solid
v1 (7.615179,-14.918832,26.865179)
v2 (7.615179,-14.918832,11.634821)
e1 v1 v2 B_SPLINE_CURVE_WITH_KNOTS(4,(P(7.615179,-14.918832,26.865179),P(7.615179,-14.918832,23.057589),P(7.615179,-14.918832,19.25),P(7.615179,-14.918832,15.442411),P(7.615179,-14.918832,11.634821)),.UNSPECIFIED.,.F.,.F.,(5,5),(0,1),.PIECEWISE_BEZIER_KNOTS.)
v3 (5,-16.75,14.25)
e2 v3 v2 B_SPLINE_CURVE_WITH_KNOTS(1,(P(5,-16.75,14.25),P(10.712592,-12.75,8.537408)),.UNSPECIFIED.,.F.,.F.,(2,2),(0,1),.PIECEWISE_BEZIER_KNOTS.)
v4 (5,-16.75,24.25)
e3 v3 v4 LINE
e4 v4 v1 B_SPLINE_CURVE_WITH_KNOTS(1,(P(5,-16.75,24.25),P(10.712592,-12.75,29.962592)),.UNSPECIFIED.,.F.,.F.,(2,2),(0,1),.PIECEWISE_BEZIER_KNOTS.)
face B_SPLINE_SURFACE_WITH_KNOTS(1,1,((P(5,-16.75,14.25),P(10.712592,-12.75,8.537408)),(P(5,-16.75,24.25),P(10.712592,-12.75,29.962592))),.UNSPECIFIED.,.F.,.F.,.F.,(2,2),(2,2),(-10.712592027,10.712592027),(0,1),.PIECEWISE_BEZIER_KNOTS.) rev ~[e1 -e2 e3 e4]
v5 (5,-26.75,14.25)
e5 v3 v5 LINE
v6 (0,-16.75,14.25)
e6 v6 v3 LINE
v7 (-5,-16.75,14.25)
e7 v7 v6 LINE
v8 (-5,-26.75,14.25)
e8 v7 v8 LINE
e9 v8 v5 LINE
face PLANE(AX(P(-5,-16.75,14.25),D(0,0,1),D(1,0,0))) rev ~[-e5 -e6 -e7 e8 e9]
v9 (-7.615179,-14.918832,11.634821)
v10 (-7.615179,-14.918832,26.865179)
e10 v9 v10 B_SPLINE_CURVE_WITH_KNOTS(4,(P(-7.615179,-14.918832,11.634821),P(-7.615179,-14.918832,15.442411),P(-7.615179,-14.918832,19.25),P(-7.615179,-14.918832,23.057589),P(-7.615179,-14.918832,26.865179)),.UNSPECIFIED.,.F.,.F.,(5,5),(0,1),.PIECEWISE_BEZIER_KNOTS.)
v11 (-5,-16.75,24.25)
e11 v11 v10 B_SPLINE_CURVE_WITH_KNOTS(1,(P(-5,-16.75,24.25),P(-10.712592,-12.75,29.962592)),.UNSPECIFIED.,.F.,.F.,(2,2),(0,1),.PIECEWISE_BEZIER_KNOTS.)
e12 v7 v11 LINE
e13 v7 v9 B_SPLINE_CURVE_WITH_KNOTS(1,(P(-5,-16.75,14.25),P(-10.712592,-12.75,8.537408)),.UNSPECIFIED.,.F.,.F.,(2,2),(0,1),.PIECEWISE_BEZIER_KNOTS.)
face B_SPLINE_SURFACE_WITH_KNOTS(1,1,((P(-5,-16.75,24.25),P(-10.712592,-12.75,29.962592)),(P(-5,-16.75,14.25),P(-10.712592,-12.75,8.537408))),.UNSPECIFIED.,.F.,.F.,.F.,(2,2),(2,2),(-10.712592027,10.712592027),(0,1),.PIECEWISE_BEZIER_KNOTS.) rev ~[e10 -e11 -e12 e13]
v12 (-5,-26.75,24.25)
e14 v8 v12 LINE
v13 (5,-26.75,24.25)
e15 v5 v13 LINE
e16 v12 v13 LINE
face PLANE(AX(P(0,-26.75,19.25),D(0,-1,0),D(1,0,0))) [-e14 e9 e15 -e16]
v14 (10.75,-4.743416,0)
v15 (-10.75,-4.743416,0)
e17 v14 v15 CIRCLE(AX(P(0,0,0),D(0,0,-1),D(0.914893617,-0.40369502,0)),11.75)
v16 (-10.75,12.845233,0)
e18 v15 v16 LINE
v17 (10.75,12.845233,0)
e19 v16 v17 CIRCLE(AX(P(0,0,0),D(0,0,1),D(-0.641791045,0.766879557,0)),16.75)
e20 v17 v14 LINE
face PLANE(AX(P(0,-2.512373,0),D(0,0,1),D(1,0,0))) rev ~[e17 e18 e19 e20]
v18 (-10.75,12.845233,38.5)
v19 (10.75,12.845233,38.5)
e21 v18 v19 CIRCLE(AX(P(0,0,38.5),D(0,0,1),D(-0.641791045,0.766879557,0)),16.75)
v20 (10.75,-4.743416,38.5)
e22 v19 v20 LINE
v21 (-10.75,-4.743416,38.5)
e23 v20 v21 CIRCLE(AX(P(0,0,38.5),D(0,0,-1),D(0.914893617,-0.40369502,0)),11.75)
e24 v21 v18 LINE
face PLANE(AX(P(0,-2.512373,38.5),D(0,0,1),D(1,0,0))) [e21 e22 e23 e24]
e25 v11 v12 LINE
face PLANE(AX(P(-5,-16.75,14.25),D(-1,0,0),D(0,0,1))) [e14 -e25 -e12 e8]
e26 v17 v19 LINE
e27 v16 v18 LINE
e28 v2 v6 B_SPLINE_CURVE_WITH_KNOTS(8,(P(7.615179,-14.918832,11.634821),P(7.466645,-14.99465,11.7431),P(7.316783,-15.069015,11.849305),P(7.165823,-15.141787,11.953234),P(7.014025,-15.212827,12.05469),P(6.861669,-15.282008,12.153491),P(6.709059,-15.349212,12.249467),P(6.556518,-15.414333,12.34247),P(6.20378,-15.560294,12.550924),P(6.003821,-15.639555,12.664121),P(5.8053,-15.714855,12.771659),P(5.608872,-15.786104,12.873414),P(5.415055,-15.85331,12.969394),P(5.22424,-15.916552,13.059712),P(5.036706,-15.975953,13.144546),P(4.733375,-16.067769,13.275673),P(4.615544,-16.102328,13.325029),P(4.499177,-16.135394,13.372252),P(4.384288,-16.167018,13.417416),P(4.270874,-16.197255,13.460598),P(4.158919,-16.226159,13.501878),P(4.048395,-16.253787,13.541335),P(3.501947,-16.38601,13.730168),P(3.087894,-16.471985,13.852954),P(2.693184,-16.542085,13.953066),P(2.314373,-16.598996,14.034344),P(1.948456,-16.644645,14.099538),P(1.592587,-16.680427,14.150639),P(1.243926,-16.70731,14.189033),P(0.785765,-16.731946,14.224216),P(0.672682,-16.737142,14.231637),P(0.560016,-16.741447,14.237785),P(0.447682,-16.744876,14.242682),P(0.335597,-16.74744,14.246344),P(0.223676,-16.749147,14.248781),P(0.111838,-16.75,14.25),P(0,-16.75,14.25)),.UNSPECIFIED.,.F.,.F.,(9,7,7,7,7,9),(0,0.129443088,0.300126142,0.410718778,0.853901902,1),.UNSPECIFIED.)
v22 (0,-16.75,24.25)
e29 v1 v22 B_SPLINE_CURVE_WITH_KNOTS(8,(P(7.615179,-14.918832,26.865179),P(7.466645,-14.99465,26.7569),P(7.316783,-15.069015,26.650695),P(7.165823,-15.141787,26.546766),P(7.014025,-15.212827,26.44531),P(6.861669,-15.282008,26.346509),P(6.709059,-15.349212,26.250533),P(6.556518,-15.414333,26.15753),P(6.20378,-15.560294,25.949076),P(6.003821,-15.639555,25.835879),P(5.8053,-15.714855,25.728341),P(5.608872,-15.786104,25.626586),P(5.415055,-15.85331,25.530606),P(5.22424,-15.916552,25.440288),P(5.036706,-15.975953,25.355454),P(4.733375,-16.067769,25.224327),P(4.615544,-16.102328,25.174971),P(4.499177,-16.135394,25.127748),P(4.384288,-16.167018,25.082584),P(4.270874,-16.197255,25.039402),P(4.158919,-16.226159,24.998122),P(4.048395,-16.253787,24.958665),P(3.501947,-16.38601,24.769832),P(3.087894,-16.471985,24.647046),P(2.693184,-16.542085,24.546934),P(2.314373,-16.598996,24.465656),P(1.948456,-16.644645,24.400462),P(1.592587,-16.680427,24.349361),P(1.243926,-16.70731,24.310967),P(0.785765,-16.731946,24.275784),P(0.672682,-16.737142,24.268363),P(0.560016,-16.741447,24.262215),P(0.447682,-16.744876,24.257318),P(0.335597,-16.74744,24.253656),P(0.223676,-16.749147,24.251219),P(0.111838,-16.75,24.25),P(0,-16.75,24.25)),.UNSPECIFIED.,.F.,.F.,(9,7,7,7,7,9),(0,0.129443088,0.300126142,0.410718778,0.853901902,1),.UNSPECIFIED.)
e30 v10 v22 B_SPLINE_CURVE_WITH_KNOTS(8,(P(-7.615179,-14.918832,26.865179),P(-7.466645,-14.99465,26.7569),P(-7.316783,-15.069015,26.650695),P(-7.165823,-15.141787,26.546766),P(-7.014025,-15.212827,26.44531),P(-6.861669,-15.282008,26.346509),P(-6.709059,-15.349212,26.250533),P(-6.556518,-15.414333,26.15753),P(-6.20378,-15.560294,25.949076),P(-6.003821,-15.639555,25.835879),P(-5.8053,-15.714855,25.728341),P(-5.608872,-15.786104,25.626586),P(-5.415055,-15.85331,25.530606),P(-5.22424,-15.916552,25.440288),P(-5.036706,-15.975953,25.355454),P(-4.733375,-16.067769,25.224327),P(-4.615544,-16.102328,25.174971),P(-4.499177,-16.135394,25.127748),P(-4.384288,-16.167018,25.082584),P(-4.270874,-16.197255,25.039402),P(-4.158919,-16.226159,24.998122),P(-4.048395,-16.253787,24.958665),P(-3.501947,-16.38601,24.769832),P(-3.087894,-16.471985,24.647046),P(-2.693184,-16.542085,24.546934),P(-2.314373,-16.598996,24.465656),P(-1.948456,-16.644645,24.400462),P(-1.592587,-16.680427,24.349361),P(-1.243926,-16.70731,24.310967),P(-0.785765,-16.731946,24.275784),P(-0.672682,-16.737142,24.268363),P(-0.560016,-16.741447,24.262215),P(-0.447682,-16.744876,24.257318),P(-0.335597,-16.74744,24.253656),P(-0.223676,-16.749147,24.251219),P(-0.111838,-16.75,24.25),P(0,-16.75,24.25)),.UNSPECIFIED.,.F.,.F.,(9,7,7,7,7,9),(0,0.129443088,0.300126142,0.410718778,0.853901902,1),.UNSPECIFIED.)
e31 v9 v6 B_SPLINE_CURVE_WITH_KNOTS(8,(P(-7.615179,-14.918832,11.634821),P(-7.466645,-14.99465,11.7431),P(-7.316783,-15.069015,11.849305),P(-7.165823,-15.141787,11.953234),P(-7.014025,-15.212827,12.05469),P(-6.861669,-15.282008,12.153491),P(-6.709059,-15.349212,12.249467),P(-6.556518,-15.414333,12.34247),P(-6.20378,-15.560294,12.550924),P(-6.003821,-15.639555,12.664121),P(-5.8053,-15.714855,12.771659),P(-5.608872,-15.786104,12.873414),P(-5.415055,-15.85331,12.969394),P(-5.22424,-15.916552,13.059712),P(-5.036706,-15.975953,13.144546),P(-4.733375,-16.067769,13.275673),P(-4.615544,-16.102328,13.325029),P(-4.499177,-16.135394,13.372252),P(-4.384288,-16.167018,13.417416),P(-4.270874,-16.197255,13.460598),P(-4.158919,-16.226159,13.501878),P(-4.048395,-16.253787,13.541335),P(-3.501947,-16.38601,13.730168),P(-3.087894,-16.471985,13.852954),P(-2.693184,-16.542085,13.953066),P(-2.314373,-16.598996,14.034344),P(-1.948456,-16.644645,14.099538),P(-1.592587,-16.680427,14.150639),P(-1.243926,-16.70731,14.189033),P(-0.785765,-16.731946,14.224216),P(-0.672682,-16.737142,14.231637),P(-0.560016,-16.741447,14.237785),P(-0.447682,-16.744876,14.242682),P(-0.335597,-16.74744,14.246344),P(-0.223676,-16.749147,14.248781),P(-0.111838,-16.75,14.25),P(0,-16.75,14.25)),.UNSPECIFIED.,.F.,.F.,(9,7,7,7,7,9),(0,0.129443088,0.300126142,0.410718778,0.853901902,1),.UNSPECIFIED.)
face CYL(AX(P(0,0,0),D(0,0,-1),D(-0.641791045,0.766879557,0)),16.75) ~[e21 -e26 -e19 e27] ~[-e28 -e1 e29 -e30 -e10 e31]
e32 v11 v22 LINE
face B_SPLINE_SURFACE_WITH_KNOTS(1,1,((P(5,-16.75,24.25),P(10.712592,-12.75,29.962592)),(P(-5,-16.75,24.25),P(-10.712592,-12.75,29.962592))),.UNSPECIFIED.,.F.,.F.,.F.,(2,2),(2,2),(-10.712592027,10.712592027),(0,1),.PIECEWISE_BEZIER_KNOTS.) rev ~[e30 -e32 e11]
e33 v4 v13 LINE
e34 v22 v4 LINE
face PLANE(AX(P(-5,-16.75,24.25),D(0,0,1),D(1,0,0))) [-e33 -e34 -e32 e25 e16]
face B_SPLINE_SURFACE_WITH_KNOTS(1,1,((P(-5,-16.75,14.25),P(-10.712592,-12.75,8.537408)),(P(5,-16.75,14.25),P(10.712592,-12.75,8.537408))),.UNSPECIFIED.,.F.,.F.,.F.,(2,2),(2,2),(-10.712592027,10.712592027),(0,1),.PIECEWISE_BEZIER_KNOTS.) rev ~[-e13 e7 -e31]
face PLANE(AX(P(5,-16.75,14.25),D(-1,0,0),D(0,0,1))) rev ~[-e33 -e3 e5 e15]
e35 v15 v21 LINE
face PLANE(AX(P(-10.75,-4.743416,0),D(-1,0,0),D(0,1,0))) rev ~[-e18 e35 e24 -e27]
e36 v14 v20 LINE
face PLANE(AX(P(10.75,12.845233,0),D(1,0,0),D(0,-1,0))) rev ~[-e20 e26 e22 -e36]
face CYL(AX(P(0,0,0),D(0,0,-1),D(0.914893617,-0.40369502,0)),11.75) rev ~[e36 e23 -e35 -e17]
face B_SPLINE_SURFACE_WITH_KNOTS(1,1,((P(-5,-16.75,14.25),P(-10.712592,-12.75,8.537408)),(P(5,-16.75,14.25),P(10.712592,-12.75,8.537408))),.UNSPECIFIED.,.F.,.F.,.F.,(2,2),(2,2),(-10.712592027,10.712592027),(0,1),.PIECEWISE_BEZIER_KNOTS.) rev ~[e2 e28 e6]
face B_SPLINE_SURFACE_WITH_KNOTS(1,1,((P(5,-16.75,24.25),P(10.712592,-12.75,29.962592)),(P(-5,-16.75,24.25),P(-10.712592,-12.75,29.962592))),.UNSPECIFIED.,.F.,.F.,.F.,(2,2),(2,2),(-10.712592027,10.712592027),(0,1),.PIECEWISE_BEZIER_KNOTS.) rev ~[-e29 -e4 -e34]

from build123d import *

# Parameters (mm, degrees)
F1_DEPTH      = 38.5
F3_W          = 10
F3_H          = 10
F4_DEPTH      = 10
F4_DEPTH_BACK = 4
F4_TAPER_BACK = -55


with BuildPart() as f1:
    # F0 (on Top) → F1 (new body)
    with BuildSketch(Plane.XY):
        with BuildLine():
            ThreePointArc((10.75, -4.7434164903), (0, -11.75), (-10.75, -4.7434164903))
            Line((-10.75, -4.7434164903), (-10.75, 12.8452325787))
            ThreePointArc((-10.75, 12.8452325787), (0, -16.75), (10.75, 12.8452325787))
            Line((10.75, 12.8452325787), (10.75, -4.7434164903))
        make_face()
    extrude(amount=F1_DEPTH)

    # F3 (on offset) → F4 (join, two sides)
    with BuildSketch(Plane.XZ.offset(16.75)) as f4_sk:
        with Locations((0, 19.25)):
            Rectangle(F3_W, F3_H)
    extrude(amount=F4_DEPTH)
    extrude(f4_sk.sketch, amount=-F4_DEPTH_BACK, taper=F4_TAPER_BACK)


solid = f1.part
